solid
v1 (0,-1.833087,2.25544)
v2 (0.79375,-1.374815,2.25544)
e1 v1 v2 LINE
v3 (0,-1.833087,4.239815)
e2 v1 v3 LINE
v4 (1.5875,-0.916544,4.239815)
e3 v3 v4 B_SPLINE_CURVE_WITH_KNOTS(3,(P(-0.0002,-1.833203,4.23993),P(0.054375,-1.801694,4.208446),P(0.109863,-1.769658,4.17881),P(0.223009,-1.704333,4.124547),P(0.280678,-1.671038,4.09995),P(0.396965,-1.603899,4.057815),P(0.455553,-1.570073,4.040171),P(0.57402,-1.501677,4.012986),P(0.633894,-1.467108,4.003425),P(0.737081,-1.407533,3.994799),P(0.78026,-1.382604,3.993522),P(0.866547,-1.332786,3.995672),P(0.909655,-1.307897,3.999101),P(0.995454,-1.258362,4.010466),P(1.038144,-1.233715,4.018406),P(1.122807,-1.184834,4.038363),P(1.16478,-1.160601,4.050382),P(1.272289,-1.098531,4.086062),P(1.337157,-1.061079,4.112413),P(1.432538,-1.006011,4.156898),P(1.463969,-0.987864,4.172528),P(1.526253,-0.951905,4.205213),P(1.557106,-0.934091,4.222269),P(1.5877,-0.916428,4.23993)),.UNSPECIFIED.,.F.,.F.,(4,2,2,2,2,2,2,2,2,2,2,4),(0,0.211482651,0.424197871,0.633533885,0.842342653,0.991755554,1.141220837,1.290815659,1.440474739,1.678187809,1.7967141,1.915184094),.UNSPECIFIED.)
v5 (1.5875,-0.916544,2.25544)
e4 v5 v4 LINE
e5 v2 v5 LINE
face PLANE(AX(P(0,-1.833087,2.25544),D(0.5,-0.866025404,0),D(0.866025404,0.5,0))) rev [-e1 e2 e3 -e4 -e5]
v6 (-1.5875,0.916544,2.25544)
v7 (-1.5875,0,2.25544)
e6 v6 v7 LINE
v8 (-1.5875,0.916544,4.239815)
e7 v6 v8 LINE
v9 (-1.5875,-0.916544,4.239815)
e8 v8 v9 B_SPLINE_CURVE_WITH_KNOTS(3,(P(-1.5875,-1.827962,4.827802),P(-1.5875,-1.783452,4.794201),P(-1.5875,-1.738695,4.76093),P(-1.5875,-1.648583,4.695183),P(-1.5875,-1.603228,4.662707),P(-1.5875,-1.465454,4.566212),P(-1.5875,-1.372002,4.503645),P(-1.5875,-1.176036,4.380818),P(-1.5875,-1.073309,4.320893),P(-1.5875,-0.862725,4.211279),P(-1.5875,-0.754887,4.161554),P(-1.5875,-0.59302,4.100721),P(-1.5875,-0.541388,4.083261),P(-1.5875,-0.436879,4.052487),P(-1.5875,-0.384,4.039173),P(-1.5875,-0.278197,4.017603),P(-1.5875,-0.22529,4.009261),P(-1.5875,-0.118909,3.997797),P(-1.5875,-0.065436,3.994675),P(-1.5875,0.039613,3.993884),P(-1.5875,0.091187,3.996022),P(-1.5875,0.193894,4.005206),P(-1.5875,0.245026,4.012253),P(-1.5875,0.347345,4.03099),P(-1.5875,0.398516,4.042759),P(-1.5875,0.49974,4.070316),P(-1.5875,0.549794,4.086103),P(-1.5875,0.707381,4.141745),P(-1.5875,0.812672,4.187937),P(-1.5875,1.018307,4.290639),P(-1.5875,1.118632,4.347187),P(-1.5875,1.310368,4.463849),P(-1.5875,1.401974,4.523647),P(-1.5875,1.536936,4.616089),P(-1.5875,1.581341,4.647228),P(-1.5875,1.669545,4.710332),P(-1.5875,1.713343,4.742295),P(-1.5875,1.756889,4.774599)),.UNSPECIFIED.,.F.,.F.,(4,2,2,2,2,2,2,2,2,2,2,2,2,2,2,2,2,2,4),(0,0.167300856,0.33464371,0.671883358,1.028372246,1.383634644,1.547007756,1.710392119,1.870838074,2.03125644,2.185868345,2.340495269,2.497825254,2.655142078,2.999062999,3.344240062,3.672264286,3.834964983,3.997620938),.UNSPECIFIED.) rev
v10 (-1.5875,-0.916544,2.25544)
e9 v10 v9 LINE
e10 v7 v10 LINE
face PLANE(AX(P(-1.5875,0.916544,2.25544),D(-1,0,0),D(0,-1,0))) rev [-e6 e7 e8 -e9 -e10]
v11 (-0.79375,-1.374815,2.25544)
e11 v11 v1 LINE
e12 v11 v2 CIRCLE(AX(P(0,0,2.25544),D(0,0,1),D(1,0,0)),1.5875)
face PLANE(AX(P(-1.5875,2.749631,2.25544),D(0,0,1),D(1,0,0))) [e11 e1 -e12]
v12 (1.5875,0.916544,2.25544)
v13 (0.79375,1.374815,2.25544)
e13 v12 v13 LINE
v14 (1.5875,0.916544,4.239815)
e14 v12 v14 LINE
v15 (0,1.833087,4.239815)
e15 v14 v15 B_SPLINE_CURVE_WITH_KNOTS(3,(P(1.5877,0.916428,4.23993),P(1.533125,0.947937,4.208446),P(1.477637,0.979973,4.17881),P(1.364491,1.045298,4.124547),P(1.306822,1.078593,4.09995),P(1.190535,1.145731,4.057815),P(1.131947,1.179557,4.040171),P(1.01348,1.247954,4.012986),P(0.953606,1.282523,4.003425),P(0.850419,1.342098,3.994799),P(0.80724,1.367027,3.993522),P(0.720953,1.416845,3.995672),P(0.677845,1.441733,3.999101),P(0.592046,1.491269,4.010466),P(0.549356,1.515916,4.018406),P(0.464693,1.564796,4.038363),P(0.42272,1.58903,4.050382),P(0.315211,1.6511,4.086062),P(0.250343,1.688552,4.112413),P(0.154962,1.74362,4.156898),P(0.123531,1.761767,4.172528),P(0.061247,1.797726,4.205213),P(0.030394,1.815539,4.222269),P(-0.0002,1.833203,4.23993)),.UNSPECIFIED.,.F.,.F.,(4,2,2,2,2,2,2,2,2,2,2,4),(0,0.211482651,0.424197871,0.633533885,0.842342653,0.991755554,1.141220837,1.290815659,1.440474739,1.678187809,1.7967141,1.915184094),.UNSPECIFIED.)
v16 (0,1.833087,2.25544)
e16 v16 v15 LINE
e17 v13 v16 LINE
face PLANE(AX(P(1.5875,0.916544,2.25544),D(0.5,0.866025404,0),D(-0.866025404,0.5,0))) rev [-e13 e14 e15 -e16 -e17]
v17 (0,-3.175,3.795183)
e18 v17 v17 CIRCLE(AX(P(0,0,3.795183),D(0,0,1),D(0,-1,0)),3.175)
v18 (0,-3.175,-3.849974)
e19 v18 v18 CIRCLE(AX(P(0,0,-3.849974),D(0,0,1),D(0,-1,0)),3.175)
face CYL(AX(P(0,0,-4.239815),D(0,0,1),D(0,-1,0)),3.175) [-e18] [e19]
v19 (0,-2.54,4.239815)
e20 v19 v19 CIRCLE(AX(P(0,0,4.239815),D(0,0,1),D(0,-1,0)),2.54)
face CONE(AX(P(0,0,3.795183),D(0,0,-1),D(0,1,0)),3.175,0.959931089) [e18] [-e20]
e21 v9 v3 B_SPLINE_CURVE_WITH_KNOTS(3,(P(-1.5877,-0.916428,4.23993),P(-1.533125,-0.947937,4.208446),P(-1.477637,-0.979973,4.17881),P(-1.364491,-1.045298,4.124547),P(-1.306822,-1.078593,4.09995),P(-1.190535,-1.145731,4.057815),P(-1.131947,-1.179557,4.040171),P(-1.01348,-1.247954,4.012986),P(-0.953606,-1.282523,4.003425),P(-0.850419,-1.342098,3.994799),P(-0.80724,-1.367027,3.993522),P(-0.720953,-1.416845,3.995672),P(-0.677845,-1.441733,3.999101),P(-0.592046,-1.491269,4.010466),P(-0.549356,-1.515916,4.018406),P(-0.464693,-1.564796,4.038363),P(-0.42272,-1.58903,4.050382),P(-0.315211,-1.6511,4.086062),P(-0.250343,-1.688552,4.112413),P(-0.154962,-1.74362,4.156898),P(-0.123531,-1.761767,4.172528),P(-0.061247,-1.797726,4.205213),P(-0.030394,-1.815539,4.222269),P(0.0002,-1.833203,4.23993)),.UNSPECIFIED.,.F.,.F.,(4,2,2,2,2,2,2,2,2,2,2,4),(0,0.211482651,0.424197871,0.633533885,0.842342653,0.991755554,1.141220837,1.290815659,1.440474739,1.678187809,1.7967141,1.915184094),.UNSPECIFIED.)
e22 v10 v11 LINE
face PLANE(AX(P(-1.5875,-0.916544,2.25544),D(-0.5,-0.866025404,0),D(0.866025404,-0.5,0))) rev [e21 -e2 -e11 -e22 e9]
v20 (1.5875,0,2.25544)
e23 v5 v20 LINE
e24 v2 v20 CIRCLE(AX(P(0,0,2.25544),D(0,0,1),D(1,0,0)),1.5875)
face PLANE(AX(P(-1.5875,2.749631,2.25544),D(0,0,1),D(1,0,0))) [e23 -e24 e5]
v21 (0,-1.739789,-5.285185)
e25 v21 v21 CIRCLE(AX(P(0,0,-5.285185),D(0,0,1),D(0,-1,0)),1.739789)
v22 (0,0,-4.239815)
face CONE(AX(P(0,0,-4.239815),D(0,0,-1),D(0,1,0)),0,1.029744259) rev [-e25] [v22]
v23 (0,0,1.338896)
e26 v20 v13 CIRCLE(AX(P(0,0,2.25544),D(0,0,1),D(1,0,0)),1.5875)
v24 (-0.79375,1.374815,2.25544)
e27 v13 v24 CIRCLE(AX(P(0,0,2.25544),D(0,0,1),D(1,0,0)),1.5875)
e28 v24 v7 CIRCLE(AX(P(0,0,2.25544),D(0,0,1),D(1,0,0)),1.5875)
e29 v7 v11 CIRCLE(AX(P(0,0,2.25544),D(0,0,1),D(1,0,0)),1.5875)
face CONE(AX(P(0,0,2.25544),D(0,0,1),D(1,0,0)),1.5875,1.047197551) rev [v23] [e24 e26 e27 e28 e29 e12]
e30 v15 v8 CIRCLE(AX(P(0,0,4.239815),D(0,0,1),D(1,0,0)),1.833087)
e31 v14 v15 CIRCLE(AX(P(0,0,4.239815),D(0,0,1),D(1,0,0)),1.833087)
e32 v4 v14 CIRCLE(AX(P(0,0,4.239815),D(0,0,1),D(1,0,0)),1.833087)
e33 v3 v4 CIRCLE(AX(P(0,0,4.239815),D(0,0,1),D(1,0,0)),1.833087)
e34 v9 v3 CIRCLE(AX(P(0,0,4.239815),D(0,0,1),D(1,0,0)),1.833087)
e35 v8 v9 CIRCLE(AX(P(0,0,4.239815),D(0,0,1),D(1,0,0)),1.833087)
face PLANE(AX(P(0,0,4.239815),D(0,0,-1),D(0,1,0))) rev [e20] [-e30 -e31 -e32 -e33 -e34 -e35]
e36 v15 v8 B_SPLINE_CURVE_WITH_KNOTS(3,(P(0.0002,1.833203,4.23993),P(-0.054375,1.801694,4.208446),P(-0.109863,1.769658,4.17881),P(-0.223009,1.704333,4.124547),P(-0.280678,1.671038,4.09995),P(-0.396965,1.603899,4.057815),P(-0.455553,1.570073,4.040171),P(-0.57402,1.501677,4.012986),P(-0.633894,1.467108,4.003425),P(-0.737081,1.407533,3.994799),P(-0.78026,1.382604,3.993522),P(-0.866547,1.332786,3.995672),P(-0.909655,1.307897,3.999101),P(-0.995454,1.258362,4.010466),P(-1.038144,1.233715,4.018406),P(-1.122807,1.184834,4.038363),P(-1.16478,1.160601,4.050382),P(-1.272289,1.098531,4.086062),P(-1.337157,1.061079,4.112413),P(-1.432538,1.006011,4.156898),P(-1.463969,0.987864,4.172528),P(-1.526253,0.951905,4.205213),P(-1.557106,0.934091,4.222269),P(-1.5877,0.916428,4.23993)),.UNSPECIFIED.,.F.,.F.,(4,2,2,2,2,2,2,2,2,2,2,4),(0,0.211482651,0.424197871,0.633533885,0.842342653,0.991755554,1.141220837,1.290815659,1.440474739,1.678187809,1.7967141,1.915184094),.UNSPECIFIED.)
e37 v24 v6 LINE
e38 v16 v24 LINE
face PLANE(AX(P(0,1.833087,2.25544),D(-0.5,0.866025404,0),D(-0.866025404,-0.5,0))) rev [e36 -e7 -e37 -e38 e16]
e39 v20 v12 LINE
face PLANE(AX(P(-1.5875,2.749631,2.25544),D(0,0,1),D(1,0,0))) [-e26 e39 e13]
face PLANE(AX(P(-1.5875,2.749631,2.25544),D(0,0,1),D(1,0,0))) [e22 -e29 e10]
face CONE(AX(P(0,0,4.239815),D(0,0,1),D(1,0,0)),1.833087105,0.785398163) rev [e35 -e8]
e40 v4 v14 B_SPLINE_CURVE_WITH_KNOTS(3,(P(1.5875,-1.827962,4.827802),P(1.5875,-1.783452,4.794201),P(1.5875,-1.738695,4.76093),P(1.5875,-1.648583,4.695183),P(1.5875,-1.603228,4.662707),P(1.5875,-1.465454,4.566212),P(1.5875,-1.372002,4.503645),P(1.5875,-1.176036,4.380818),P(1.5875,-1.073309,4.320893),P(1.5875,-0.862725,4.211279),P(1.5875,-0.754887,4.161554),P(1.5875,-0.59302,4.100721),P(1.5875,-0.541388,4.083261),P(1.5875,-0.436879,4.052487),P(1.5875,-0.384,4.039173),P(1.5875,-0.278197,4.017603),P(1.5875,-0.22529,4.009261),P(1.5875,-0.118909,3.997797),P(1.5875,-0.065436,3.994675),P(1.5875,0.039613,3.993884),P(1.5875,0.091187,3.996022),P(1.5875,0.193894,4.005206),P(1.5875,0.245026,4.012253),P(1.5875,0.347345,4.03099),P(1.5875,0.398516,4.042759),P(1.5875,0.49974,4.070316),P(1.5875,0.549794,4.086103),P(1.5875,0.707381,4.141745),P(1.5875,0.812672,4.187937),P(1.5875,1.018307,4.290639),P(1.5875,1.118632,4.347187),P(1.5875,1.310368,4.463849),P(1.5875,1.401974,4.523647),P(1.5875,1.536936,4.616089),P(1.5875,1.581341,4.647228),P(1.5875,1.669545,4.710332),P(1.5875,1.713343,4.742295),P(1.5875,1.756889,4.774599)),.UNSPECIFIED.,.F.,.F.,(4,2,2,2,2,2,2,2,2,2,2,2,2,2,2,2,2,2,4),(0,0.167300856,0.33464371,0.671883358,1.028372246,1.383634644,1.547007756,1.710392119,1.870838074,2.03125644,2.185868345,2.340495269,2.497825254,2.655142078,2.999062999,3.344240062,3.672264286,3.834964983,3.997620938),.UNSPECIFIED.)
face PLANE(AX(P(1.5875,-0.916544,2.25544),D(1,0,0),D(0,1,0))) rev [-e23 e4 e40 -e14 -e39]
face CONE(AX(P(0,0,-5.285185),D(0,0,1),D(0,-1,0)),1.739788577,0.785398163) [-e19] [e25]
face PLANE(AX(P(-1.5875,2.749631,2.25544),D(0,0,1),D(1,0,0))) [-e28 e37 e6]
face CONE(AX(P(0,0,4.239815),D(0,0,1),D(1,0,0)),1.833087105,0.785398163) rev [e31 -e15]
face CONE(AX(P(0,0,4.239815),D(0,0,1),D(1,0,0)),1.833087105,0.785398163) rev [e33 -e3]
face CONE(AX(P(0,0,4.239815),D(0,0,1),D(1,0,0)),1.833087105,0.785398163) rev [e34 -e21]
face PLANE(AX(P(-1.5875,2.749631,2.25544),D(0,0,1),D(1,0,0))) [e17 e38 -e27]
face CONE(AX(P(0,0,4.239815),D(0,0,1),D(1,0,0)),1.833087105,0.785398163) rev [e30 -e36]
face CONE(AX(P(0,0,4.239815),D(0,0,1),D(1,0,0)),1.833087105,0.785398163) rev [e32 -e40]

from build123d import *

# Parameters (mm, degrees)
CUT_EXTRUDE10_DEPTH = 1.984375


with BuildPart() as part:
    # Sketch22 → Revolve1 (revolve)
    with BuildSketch(Plane(origin=(0, 0, 0), x_dir=(0, 0, -1), z_dir=(1, 0, 0))):
        Polygon((-4.239814779, 0), (-4.239814779, 2.54), (-3.795182992, 3.175), (3.849973798, 3.175), (5.285185221, 1.739788577), (4.239814779, 0), align=None)
    revolve(axis=Axis((0, 0, -4.239814779), (0, 0, -1)))

    # Sketch23 → Cut-Extrude10 (cut)
    with BuildSketch(Plane.XY.offset(4.239814779)):
        Polygon((0, 1.833087105), (-1.5875, 0.916543552), (-1.5875, -0.916543552), (0, -1.833087105), (1.5875, -0.916543552), (1.5875, 0.916543552), align=None)
    extrude(amount=-CUT_EXTRUDE10_DEPTH, mode=Mode.SUBTRACT)

    # Cut-Extrude11 cone 1 section (through the dimple's axis) → Cut-Extrude11 (revolve, cut)
    with BuildSketch(Plane(origin=(0, 0, 4.239814779), x_dir=(0, -1, 0), z_dir=(1, 0, 0))):
        Polygon((0, 0), (1.833087105, 0), (0, 1.833087105), align=None)
    revolve(axis=Axis((0, 0, 4.239814779), (0, 0, -1)), mode=Mode.SUBTRACT)

    # Cut-Extrude12 cone 1 section (through the dimple's axis) → Cut-Extrude12 (revolve, cut)
    with BuildSketch(Plane(origin=(0, 0, 2.255439779), x_dir=(0, -1, 0), z_dir=(1, 0, 0))):
        Polygon((0, 0), (1.5875, 0), (0, 0.916543552), align=None)
    revolve(axis=Axis((0, 0, 2.255439779), (0, 0, -1)), mode=Mode.SUBTRACT)


solid = part.part
